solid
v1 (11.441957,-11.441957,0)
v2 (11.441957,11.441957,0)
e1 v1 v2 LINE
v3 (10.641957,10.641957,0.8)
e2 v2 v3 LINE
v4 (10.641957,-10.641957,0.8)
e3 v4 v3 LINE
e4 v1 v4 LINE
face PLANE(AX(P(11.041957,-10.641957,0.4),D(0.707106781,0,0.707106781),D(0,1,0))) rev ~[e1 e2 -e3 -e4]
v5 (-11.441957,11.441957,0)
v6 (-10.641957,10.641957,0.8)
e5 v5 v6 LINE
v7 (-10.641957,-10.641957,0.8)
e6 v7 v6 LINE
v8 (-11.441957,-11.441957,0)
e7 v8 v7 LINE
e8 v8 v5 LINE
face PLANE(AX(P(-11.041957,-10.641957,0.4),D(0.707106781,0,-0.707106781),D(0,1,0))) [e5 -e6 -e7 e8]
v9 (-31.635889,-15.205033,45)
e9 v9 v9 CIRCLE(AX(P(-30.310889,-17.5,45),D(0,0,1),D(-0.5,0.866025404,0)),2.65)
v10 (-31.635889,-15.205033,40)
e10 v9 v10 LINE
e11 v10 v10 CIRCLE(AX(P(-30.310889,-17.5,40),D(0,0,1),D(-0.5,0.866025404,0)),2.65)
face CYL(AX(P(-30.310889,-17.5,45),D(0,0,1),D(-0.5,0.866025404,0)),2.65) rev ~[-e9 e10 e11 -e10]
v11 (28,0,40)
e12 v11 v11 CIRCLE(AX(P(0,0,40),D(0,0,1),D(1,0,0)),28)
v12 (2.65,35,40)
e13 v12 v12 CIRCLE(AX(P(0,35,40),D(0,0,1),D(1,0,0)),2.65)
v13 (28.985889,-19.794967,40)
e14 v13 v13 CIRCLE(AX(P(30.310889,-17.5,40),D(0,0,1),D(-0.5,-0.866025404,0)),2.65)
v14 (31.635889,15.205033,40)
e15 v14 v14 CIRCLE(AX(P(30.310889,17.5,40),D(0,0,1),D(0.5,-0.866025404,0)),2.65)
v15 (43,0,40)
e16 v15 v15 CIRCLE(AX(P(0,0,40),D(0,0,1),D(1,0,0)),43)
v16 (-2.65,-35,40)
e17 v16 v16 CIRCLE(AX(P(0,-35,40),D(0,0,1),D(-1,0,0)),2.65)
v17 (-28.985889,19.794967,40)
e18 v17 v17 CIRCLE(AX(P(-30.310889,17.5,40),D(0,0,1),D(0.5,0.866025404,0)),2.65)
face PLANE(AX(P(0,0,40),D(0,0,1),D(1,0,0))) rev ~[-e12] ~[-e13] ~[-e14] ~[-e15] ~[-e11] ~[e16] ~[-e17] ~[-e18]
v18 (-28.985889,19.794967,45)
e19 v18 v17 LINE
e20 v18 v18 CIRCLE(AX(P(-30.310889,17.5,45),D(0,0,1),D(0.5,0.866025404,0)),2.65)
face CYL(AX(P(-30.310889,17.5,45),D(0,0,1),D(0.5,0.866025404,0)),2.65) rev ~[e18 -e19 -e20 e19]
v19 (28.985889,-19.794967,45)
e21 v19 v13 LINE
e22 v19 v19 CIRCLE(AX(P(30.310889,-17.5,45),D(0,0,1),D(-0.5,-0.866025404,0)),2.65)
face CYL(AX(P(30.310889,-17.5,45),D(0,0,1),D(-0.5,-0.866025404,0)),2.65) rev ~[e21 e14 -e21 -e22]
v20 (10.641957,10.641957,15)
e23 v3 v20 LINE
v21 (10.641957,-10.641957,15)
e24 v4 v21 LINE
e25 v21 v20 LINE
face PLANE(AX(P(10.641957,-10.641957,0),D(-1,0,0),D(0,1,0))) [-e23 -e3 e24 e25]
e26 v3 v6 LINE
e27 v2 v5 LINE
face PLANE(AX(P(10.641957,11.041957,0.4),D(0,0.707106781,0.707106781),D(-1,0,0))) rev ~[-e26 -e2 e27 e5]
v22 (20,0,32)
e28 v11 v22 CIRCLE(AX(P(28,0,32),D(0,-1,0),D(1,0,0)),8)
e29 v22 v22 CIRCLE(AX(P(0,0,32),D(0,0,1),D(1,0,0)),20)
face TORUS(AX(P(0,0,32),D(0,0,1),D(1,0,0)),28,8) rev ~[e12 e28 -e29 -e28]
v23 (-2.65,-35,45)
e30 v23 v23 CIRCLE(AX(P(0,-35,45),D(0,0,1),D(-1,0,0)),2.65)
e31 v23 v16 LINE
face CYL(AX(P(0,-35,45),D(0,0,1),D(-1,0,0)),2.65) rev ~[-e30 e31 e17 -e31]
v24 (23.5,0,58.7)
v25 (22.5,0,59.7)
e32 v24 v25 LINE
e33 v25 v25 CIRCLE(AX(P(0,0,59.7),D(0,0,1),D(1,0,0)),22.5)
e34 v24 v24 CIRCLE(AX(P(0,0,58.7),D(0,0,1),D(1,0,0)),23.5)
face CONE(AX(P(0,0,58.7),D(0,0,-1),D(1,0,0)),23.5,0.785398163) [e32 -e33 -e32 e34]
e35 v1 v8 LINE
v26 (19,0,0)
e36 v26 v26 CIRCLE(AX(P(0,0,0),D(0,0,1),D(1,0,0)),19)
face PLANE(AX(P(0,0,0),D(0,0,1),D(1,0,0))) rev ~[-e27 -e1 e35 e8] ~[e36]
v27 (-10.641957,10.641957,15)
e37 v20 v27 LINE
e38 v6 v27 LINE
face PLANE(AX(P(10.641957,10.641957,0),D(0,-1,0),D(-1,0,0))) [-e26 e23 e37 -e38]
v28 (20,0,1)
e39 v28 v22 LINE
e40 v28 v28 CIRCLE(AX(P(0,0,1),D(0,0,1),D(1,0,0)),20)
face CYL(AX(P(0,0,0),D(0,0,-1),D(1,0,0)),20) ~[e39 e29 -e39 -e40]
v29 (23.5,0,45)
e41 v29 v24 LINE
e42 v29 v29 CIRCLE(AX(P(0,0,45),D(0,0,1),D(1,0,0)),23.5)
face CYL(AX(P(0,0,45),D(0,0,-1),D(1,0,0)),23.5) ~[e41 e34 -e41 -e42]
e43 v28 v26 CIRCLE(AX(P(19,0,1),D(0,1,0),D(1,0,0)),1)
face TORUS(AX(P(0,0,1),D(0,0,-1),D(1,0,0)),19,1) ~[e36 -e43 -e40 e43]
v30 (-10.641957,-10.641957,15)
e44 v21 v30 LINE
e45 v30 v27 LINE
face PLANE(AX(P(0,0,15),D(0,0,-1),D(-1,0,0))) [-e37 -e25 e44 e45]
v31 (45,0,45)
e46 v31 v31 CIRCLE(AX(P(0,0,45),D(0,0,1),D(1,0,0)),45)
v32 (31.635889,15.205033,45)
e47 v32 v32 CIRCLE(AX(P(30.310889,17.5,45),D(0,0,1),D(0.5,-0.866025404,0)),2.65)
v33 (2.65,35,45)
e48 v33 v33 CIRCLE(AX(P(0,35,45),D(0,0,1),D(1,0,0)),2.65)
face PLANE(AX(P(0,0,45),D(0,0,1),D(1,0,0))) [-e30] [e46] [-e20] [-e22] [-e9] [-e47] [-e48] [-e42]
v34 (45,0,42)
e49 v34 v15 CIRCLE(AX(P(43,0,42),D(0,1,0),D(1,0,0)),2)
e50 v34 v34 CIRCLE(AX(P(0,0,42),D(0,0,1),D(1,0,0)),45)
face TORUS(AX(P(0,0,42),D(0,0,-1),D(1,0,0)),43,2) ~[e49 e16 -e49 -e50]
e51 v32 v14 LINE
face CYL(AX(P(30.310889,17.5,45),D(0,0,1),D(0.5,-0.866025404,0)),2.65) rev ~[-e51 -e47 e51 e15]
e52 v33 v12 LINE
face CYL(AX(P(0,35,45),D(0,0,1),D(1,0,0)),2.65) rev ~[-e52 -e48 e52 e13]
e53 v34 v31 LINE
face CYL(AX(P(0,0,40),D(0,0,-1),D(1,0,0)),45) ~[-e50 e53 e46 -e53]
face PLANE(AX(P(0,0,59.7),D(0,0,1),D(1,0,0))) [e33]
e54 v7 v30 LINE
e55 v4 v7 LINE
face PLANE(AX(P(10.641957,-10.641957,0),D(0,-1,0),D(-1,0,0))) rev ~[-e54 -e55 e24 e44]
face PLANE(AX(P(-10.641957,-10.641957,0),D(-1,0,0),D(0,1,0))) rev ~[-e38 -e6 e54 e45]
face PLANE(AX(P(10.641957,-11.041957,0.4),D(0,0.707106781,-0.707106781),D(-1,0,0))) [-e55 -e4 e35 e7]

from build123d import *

# Parameters (mm, degrees)
SKETCH1_R           = 20
BOSS_EXTRUDE1_DEPTH = 40
SKETCH2_W           = 21.283914114
SKETCH2_H           = 21.283914114
CUT_EXTRUDE1_DEPTH  = 15
CHAMFER1_SIZE       = 0.8
SKETCH3_R           = 45
BOSS_EXTRUDE2_DEPTH = 5
SKETCH4_R           = 23.5
BOSS_EXTRUDE3_DEPTH = 14.7
CHAMFER2_SIZE       = 1
FILLET1_R           = 2
FILLET2_R           = 8
SKETCH5_R           = 2.65
CUT_EXTRUDE2_DEPTH  = 78.942286398
CIRPATTERN1_COUNT   = 6
FILLET3_R           = 1


with BuildPart() as part:
    # Sketch1 → Boss-Extrude1 (new body)
    with BuildSketch(Plane.XY):
        Circle(SKETCH1_R)
    extrude(amount=BOSS_EXTRUDE1_DEPTH)

    # Sketch2 → Cut-Extrude1 (cut)
    with BuildSketch(Plane(origin=(0, 0, 0), x_dir=(-1, 0, 0), z_dir=(0, 0, -1))):
        Rectangle(SKETCH2_W, SKETCH2_H)
    extrude(amount=-CUT_EXTRUDE1_DEPTH, mode=Mode.SUBTRACT)

    # Chamfer1
    chamfer1_edges = [part.edges().sort_by_distance(p)[0] for p in [
        (0, -10.641957057, 0),
        (-10.641957057, 0, 0),
        (0, 10.641957057, 0),
        (10.641957057, 0, 0),
    ]]
    chamfer(chamfer1_edges, length=CHAMFER1_SIZE)

    # Sketch3 → Boss-Extrude2 (add)
    with BuildSketch(Plane.XY.offset(40)):
        Circle(SKETCH3_R)
    extrude(amount=BOSS_EXTRUDE2_DEPTH)

    # Sketch4 → Boss-Extrude3 (add)
    with BuildSketch(Plane.XY.offset(45)):
        Circle(SKETCH4_R)
    extrude(amount=BOSS_EXTRUDE3_DEPTH)

    # Chamfer2
    chamfer2_edges = [part.edges().sort_by_distance(p)[0] for p in [
        (-23.5, 0, 59.7),
    ]]
    chamfer(chamfer2_edges, length=CHAMFER2_SIZE)

    # Fillet1
    fillet1_edges = [part.edges().sort_by_distance(p)[0] for p in [
        (-45, 0, 40),
    ]]
    fillet(fillet1_edges, radius=FILLET1_R)

    # Fillet2
    fillet2_edges = [part.edges().sort_by_distance(p)[0] for p in [
        (-20, 0, 40),
    ]]
    fillet(fillet2_edges, radius=FILLET2_R)

    # Sketch5 → Cut-Extrude2 (cut, through all)
    with BuildSketch(Plane.XY.offset(45)):
        with Locations((0, 35)):
            Circle(SKETCH5_R)
    cut_extrude2 = extrude(amount=-CUT_EXTRUDE2_DEPTH, mode=Mode.SUBTRACT)

    # CirPattern1: Cut-Extrude2 ×6 about axis
    cirpattern1_axis = Axis((0, 0, 0), (0, 0, 1))
    for i in range(1, CIRPATTERN1_COUNT):
        add(cut_extrude2.rotate(cirpattern1_axis, i * 360 / CIRPATTERN1_COUNT), mode=Mode.SUBTRACT)

    # Fillet3
    fillet3_edges = [part.edges().sort_by_distance(p)[0] for p in [
        (-20, 0, 0),
    ]]
    fillet(fillet3_edges, radius=FILLET3_R)


solid = part.part
